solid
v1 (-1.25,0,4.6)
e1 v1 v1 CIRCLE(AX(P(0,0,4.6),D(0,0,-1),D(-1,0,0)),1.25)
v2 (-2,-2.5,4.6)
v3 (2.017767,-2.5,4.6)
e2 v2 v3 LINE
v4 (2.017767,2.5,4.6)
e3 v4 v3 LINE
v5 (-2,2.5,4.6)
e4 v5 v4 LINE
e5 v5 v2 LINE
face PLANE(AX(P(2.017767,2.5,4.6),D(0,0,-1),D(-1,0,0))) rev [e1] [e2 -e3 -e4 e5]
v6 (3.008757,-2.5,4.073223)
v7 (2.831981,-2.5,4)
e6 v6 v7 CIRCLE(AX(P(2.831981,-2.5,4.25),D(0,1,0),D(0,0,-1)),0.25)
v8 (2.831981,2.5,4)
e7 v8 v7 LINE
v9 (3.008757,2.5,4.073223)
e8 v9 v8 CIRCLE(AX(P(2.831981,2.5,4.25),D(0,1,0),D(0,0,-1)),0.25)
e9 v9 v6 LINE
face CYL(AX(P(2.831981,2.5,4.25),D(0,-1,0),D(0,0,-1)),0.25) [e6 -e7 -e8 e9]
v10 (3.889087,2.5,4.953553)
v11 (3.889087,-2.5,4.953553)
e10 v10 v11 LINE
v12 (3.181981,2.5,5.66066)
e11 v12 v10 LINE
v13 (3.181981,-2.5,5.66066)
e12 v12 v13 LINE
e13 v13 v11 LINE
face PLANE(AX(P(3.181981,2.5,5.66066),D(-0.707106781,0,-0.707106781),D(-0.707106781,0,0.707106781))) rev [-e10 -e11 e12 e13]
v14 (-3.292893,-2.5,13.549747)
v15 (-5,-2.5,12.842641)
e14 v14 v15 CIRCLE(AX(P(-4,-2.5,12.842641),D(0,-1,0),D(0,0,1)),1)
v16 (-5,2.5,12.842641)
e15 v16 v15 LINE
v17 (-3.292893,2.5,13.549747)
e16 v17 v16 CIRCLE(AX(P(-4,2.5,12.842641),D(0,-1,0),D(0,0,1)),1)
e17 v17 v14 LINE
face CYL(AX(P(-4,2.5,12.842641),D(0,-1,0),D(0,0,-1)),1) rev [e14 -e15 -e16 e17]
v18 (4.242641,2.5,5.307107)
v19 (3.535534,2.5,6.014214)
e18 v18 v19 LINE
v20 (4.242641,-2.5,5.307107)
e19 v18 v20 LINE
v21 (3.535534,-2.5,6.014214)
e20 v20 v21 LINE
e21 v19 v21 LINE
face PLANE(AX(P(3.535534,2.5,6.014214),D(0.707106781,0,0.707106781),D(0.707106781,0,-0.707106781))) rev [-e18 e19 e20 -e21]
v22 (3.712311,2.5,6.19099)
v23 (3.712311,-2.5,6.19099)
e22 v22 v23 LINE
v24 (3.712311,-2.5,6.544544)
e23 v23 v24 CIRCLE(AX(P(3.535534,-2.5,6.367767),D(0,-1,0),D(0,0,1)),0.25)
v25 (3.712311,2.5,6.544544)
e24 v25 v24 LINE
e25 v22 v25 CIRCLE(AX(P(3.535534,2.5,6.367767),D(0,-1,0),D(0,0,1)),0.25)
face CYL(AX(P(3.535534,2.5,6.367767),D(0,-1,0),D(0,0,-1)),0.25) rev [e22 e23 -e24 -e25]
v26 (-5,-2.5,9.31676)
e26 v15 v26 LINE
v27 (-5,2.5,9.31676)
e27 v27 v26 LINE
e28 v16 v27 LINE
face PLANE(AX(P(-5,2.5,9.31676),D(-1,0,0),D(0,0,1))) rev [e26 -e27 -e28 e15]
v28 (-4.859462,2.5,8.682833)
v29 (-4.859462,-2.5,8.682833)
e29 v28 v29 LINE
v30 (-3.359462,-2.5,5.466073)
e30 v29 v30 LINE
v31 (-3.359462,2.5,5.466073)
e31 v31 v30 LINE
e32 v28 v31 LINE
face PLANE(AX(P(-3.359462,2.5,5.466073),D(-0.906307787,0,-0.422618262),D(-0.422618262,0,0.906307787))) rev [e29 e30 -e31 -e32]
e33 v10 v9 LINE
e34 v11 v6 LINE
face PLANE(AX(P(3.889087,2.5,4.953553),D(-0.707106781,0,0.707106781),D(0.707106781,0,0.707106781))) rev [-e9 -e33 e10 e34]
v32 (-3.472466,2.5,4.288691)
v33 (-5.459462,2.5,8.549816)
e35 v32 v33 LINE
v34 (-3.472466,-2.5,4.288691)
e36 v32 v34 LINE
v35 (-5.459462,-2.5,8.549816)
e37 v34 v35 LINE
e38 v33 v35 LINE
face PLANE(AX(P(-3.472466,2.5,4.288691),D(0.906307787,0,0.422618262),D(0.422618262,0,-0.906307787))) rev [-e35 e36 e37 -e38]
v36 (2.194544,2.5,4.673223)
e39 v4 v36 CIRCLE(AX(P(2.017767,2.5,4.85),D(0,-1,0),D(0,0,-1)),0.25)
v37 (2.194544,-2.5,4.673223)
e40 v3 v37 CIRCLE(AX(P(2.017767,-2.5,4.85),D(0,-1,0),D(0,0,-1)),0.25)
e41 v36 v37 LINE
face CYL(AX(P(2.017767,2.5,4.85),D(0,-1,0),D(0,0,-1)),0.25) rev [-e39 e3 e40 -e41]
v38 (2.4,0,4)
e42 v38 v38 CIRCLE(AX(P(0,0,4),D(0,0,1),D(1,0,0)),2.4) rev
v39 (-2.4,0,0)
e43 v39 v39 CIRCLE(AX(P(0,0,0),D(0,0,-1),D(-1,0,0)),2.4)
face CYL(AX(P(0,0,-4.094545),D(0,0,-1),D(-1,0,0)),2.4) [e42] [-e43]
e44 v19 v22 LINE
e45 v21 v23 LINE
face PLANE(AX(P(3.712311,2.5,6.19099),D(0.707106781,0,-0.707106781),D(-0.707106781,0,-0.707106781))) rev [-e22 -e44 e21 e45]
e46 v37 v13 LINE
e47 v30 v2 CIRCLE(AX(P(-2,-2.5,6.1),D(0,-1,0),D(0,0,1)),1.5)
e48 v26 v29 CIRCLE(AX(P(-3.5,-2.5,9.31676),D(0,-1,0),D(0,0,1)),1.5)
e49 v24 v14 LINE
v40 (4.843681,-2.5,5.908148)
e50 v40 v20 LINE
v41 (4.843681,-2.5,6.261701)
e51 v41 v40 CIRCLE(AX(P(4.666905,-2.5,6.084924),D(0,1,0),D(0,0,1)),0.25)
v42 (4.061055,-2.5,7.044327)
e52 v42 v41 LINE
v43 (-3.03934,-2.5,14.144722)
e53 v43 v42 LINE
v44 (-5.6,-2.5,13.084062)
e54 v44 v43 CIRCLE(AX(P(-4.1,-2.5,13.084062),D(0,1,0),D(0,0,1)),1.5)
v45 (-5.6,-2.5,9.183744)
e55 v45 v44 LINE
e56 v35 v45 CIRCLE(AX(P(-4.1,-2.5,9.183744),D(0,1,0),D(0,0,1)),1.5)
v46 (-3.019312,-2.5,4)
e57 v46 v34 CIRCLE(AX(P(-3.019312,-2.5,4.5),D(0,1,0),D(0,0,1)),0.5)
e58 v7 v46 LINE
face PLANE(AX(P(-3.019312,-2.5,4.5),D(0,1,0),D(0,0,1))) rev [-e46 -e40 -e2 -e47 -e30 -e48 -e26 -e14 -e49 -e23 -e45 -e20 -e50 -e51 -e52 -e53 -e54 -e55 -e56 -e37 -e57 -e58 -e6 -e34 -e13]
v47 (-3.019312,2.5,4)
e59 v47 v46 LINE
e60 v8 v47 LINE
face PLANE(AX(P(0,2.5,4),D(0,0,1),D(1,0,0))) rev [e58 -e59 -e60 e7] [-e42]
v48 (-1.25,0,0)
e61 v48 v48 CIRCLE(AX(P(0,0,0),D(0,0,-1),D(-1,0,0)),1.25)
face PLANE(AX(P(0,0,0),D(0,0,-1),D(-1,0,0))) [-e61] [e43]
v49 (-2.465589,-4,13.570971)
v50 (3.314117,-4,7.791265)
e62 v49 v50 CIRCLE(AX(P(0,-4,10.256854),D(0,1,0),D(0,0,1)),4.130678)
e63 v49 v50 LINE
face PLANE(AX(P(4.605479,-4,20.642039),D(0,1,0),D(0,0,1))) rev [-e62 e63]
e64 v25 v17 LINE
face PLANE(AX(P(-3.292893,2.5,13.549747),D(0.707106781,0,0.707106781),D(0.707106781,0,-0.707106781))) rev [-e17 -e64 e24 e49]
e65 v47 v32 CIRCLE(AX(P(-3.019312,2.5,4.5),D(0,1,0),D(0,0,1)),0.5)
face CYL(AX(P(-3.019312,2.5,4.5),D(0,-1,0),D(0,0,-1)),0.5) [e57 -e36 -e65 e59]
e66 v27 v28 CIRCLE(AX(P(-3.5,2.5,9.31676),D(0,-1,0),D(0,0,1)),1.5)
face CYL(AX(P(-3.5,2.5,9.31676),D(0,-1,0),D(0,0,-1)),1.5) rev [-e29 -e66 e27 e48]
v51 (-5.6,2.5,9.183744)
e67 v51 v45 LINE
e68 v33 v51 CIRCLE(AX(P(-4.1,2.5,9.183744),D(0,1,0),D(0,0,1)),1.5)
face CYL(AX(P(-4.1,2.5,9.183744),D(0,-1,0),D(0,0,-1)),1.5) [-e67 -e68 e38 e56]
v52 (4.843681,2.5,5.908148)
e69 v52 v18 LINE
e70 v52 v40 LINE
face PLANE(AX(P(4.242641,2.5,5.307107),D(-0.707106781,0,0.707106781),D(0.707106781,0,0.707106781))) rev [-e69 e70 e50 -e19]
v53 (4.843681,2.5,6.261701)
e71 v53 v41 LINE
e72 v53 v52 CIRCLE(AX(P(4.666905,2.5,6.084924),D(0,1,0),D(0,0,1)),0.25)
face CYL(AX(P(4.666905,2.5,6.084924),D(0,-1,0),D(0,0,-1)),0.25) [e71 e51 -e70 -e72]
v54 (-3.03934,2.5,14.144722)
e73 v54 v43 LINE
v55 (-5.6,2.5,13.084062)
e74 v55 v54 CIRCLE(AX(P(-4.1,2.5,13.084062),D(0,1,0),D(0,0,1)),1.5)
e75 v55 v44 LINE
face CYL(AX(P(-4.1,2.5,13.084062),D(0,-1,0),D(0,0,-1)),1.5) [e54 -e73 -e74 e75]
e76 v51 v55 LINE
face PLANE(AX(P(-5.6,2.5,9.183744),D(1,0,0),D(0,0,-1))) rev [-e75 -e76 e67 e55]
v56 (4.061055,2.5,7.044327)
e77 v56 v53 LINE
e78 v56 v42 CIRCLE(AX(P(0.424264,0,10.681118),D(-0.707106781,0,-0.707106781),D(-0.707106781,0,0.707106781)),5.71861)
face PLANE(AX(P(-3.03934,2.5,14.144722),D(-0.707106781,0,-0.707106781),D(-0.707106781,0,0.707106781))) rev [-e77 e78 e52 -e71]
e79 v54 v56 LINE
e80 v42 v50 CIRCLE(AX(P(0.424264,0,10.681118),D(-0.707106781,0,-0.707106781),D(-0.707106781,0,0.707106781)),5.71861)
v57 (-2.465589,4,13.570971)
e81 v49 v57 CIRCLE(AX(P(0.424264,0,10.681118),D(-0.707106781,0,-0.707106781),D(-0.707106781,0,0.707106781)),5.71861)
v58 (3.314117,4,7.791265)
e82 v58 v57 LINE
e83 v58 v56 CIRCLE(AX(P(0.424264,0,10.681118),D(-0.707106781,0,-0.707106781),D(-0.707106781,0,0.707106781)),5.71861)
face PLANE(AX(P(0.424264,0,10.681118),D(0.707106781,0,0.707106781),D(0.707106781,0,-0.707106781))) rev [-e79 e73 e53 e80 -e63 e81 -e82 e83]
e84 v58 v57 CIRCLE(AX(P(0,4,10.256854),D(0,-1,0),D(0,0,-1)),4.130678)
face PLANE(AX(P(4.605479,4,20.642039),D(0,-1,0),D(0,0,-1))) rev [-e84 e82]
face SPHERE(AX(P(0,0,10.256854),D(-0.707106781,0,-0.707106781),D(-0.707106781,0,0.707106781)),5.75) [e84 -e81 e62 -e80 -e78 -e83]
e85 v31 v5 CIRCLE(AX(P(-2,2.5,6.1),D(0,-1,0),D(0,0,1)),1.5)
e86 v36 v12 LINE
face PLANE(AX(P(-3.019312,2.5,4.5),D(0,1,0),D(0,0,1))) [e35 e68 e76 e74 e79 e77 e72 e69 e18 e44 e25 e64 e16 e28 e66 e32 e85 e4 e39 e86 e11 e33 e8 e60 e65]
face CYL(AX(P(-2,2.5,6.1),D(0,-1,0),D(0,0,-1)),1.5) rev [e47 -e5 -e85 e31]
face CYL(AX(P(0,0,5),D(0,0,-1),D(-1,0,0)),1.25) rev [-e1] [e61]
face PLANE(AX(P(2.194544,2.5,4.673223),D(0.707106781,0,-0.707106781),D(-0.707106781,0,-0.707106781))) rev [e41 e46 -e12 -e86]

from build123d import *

# Parameters (mm, degrees)
SKETCH16_W           = 2.4
SKETCH16_H           = 4
BOSS_EXTRUDE11_DEPTH = 2.5
SKETCH19_R           = 1.25
CUT_EXTRUDE12_DEPTH  = 5
CUT_EXTRUDE13_DEPTH  = 10


with BuildPart() as part:
    # Sketch16 → Revolve1 (revolve)
    with BuildSketch(Plane(origin=(0, 0, 0), x_dir=(1, 0, 0), z_dir=(0, 1, 0))):
        with Locations((-1.2, -2)):
            Rectangle(SKETCH16_W, SKETCH16_H)
    revolve(axis=Axis((0, 0, -4.094545455), (0, 0, 1)))

    # Sketch18 → Boss-Extrude11 (add, symmetric)
    with BuildSketch(Plane(origin=(0, 0, 0), x_dir=(1, 0, 0), z_dir=(0, 1, 0))):
        with BuildLine():
            Line((0, -4), (-3.019312417, -4))
            ThreePointArc((-3.019312417, -4), (-3.287962221, -4.078304277), (-3.472466311, -4.288690869))
            Line((-3.472466311, -4.288690869), (-5.459461681, -8.549816191))
            ThreePointArc((-5.459461681, -8.549816191), (-5.564444011, -8.859084162), (-5.6, -9.183743583))
            Line((-5.6, -9.183743583), (-5.6, -13.084062043))
            ThreePointArc((-5.6, -13.084062043), (-4.674025149, -14.469881342), (-3.039339828, -14.144722215))
            Line((-3.039339828, -14.144722215), (4.843681451, -6.261700936))
            ThreePointArc((4.843681451, -6.261700936), (4.916904756, -6.08492424), (4.843681451, -5.908147545))
            Line((4.843681451, -5.908147545), (4.242640687, -5.307106781))
            Line((4.242640687, -5.307106781), (3.535533906, -6.014213562))
            Line((3.535533906, -6.014213562), (3.712310601, -6.190990258))
            ThreePointArc((3.712310601, -6.190990258), (3.785533906, -6.367766953), (3.712310601, -6.544543648))
            Line((3.712310601, -6.544543648), (-3.292893219, -13.549747468))
            ThreePointArc((-3.292893219, -13.549747468), (-4.382683432, -13.76652022), (-5, -12.842640687))
            Line((-5, -12.842640687), (-5, -9.316760381))
            ThreePointArc((-5, -9.316760381), (-4.964444011, -8.99210096), (-4.859461681, -8.682832988))
            Line((-4.859461681, -8.682832988), (-3.359461681, -5.466072607))
            ThreePointArc((-3.359461681, -5.466072607), (-2.805949413, -4.834912831), (-2, -4.6))
            Line((-2, -4.6), (0, -4.6))
            Line((0, -4.6), (2.017766953, -4.6))
            ThreePointArc((2.017766953, -4.6), (2.113437811, -4.619030117), (2.194543648, -4.673223305))
            Line((2.194543648, -4.673223305), (3.181980515, -5.660660172))
            Line((3.181980515, -5.660660172), (3.889087297, -4.953553391))
            Line((3.889087297, -4.953553391), (3.008757211, -4.073223305))
            ThreePointArc((3.008757211, -4.073223305), (2.927651373, -4.019030117), (2.831980515, -4))
            Line((2.831980515, -4), (0, -4))
        make_face()
    extrude(amount=BOSS_EXTRUDE11_DEPTH, both=True)

    # Sketch19 → Cut-Extrude12 (cut)
    with BuildSketch(Plane(origin=(0, 0, 0), x_dir=(-1, 0, 0), z_dir=(0, 0, -1))):
        Circle(SKETCH19_R)
    extrude(amount=-CUT_EXTRUDE12_DEPTH, mode=Mode.SUBTRACT)

    # Sketch22 → Revolve2 (revolve)
    with BuildSketch(Plane.XZ):
        with BuildLine():
            Line((0.424264069, 10.681118318), (-3.619403821, 14.724786208))
            ThreePointArc((-3.619403821, 14.724786208), (0.300410275, 15.99900138), (4.065863992, 14.322718241))
            Line((4.065863992, 14.322718241), (0.424264069, 10.681118318))
        make_face()
    revolve(axis=Axis((0, 0, 10.256854249), (0.7071067811865477, 0, 0.7071067811865474)))

    # Sketch23 → Cut-Extrude13 (cut)
    with BuildSketch(Plane(origin=(5.552691193, 0, 5.552691193), x_dir=(-0.7071067811865476, 0, 0.7071067811865476), z_dir=(-0.7071067811865476, 0, -0.7071067811865476))):
        with BuildLine():
            Line((11.339560411, 4), (3.165821976, 4))
            ThreePointArc((3.165821976, 4), (7.252691193, 5.718609971), (11.339560411, 4))
        make_face()
        with BuildLine():
            Line((11.339560411, -4), (3.165821976, -4))
            ThreePointArc((3.165821976, -4), (7.252691193, -5.718609971), (11.339560411, -4))
        make_face()
    extrude(amount=-CUT_EXTRUDE13_DEPTH, mode=Mode.SUBTRACT)


solid = part.part
